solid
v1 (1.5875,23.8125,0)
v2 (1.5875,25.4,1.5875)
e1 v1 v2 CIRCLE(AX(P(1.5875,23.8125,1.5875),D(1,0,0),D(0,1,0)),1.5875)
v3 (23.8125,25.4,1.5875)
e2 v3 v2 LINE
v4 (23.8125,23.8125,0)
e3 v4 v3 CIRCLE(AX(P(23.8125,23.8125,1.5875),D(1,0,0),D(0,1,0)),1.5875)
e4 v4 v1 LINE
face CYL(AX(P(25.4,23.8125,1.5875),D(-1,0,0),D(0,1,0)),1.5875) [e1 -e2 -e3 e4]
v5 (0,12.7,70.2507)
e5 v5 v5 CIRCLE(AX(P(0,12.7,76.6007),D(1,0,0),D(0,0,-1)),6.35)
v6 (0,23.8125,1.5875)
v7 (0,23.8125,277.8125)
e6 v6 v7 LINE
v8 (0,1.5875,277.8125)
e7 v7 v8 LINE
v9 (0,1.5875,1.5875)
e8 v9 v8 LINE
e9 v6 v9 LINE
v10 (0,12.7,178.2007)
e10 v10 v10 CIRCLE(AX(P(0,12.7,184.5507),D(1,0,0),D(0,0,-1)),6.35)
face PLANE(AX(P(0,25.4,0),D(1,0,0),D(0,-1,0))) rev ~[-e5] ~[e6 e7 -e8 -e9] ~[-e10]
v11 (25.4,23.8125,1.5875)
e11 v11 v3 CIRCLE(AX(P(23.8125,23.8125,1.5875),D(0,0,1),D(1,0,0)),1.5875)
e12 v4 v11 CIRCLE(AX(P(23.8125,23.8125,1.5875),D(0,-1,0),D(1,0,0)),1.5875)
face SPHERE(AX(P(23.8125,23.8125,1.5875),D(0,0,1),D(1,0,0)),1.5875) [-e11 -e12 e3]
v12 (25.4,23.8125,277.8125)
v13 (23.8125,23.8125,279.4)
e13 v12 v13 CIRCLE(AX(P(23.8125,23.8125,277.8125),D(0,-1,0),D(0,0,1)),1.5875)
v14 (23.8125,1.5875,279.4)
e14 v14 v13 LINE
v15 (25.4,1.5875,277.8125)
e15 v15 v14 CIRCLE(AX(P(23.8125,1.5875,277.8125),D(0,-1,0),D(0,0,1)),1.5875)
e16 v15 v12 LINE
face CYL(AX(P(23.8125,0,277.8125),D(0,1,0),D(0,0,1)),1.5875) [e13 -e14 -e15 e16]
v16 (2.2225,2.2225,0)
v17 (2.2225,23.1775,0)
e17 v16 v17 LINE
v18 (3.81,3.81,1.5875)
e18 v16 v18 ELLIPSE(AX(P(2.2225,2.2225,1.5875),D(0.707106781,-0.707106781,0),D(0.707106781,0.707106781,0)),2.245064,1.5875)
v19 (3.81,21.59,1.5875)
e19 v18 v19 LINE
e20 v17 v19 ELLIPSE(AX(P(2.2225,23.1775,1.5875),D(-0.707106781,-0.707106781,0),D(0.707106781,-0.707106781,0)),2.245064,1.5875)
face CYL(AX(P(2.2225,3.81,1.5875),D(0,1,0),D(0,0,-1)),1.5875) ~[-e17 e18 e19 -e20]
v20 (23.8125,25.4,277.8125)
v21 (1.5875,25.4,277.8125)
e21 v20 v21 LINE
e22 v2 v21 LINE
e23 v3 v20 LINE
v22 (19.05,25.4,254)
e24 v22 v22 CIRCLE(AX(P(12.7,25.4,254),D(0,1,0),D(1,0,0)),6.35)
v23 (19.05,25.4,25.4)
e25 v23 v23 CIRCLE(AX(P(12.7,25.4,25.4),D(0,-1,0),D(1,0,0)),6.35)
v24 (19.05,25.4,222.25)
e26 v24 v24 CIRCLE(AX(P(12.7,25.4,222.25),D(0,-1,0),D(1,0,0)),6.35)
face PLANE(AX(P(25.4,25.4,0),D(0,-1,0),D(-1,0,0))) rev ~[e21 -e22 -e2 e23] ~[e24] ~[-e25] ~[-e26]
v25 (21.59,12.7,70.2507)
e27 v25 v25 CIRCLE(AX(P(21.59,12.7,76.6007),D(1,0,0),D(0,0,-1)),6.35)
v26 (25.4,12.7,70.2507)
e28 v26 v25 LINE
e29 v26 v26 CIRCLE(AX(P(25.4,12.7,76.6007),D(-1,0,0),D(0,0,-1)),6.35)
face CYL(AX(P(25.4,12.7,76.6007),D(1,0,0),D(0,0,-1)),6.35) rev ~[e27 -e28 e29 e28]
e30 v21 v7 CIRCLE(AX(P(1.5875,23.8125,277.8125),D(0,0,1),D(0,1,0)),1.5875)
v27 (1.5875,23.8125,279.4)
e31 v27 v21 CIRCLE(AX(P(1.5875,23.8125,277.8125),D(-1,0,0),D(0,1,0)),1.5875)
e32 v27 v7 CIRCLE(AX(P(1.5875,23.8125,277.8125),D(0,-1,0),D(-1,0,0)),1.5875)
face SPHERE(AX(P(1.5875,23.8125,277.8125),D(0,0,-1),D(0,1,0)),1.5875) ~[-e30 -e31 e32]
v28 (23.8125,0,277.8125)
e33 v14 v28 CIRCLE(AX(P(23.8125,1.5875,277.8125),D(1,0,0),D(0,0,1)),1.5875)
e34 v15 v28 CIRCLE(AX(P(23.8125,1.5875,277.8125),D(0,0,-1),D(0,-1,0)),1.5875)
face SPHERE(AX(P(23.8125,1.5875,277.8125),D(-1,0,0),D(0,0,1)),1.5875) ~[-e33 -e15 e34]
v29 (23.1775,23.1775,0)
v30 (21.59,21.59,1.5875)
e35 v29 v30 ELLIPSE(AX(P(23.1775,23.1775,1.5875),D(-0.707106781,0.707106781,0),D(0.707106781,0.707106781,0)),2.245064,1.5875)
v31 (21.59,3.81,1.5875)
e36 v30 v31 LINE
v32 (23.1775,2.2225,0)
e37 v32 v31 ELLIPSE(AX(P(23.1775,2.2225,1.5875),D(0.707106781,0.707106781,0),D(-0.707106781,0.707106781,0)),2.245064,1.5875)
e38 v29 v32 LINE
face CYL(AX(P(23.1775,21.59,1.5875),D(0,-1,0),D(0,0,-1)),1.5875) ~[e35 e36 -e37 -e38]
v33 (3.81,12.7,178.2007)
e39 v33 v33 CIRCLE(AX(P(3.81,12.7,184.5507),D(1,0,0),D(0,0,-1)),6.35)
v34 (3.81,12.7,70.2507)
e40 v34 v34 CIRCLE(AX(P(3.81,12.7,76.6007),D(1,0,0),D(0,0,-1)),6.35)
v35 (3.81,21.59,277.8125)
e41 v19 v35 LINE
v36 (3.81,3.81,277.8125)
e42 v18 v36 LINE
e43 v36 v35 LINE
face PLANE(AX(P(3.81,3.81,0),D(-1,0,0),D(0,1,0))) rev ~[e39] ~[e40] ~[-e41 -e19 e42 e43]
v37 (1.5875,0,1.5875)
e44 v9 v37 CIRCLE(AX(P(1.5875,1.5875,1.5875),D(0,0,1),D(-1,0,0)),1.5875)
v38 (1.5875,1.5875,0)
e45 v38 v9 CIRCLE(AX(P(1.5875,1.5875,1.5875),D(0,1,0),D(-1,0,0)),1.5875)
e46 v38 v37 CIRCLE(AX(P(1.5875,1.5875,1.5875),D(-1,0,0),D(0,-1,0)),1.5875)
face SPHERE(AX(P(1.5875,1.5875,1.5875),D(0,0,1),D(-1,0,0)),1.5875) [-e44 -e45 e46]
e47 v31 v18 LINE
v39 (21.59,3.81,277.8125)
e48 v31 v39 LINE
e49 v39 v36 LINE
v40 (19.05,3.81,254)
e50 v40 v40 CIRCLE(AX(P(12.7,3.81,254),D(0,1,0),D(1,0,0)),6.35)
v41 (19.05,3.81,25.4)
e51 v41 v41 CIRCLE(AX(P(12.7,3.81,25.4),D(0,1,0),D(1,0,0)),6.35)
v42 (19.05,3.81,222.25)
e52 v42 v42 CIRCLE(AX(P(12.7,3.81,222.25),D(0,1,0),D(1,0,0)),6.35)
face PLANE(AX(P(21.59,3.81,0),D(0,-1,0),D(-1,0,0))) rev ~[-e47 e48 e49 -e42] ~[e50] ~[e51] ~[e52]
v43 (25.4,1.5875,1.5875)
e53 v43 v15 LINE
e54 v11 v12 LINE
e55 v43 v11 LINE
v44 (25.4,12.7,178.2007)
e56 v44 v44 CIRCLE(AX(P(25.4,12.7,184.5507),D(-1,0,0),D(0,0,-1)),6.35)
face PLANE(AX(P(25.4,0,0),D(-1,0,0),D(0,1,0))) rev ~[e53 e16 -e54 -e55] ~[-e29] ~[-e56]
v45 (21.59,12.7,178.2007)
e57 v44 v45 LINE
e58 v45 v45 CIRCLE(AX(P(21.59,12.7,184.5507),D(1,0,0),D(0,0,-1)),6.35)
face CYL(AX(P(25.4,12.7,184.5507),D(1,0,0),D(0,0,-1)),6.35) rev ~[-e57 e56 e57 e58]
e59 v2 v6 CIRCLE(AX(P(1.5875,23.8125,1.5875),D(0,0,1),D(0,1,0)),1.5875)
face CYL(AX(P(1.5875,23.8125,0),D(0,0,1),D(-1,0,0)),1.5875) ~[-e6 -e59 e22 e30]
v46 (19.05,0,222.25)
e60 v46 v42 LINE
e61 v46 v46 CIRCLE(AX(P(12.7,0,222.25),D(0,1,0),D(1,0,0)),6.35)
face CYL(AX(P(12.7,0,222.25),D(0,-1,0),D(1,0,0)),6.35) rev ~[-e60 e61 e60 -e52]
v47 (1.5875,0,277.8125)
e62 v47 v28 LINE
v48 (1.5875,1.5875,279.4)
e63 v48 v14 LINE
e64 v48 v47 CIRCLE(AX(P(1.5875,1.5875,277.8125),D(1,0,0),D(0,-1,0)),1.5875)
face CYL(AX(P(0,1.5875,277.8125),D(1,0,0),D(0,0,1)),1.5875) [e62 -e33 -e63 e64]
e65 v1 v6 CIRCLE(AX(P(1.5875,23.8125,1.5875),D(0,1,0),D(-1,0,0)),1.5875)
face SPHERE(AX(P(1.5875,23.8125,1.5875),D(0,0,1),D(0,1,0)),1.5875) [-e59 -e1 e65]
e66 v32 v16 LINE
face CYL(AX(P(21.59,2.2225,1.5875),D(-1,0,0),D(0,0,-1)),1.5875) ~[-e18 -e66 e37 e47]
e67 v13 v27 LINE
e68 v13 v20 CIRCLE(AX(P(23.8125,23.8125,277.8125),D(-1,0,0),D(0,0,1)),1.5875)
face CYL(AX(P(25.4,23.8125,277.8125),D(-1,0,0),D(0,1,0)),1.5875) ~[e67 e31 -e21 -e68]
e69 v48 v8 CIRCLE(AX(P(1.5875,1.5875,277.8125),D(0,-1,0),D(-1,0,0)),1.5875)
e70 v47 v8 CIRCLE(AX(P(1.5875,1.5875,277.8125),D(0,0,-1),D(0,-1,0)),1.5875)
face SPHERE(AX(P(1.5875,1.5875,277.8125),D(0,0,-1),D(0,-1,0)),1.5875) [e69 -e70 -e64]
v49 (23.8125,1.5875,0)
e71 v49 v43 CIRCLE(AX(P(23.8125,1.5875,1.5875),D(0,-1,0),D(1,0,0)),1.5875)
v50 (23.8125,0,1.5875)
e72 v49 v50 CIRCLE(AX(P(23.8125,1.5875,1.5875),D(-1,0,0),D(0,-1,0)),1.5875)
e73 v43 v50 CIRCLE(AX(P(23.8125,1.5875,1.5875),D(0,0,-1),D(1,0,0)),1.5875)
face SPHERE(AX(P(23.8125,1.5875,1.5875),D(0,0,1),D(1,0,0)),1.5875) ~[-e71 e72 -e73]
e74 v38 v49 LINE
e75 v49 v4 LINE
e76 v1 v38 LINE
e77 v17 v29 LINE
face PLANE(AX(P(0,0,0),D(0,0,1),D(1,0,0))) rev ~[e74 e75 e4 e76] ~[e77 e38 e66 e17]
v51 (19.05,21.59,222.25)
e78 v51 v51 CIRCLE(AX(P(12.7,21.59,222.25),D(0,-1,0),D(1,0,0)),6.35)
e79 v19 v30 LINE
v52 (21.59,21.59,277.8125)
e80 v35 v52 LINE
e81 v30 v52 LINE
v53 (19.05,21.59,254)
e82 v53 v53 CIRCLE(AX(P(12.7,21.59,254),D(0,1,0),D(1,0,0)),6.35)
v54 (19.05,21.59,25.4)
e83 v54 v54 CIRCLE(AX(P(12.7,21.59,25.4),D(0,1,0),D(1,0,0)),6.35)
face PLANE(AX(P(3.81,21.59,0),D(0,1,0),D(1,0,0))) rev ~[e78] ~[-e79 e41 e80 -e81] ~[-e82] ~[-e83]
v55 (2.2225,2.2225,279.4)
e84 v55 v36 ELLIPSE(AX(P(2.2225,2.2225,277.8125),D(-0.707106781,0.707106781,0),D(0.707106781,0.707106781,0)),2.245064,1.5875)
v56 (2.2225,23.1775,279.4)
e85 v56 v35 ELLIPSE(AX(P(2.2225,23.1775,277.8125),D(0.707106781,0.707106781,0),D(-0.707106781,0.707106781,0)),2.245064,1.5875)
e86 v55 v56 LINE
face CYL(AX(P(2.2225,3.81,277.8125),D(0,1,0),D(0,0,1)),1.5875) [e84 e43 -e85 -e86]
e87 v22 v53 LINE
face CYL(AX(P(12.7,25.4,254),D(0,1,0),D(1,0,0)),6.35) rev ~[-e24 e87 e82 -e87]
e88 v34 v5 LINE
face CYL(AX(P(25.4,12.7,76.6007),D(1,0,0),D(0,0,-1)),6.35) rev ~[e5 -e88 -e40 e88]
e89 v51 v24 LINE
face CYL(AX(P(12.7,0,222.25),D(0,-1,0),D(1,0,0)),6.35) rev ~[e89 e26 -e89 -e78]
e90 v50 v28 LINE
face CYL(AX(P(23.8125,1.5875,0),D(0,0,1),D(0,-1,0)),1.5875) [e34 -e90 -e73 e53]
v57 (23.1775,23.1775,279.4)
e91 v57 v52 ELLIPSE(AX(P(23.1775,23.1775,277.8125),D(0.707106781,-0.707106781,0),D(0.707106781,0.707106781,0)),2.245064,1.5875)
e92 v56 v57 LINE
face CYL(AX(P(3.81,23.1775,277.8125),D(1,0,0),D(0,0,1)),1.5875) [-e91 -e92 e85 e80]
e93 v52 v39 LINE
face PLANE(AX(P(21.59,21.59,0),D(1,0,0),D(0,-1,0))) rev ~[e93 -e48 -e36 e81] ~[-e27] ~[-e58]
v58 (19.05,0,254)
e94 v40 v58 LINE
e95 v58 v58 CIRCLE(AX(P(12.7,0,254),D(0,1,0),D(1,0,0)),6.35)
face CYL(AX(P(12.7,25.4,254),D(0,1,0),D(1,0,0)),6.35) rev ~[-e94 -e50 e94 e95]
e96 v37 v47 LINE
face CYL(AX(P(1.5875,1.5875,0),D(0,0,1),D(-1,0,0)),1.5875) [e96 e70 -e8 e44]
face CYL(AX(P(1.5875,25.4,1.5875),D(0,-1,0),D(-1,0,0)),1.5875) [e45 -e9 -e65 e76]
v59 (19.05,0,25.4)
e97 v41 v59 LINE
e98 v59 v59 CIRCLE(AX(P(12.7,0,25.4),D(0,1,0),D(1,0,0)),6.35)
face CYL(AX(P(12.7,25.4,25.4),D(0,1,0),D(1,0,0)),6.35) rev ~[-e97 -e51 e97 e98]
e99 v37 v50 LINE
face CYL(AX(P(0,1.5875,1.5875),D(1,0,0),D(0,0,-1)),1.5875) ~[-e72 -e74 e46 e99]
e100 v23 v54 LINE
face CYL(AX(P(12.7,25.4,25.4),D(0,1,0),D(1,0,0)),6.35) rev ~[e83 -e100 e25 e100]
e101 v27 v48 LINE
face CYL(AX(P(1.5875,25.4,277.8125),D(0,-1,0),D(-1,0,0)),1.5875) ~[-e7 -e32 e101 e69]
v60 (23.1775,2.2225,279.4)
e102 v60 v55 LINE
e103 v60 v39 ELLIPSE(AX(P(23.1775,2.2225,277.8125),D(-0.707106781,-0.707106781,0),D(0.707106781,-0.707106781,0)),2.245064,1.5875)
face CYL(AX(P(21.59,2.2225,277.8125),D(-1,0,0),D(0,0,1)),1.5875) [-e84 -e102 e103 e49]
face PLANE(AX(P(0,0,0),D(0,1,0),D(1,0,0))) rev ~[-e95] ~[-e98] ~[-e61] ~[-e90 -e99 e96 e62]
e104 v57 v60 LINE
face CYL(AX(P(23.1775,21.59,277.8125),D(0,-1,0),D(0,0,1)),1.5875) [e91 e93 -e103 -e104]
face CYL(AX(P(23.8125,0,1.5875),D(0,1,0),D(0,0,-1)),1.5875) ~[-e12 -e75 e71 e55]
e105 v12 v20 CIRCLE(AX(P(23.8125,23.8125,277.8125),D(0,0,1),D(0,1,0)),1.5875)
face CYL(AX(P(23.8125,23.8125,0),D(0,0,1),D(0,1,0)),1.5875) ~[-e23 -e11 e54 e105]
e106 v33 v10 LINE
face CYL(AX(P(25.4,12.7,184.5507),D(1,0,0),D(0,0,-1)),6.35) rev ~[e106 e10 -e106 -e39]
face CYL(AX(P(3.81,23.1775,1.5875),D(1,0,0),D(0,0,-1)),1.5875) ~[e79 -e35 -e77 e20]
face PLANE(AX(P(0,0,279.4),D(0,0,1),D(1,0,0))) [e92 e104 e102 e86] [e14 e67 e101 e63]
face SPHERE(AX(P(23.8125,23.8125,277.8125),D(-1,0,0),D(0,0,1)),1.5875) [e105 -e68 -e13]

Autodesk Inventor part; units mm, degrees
ref_plane "YZ Plane" through (0, 0, 0) normal (1, 0, 0) x (0, 1, 0)
ref_plane "XZ Plane" through (0, 0, 0) normal (0, 1, 0) x (-1, 0, 0)
ref_plane "XY Plane" through (0, 0, 0) normal (0, 0, 1) x (1, 0, 0)
sketch "Sketch1" plane through (0, 0, 0) normal (0, 0, 1) x (1, 0, 0)
  line L0 (0, 0) -> (25.4, 0)
  line L1 (25.4, 0) -> (25.4, 25.4)
  line L2 (25.4, 25.4) -> (0, 25.4)
  line L3 (0, 25.4) -> (0, 0)
  dimension "d0" = 25.4
  dimension "d1" = 25.4
extrude "Extrusion1" add sketch "Sketch1" along normal blind 279.4
sketch "Sketch2" plane through (0, 25.4, 0) normal (0, 1, 0) x (1, 0, 0)
  line L0 (0, 0) -> (0, -279.4) projected
  line L1 (25.4, 0) -> (25.4, -279.4) projected
  line L2 (0, 0) -> (0, -25.4)
  line L3 (0, -25.4) -> (12.7, -25.4)
  circle A0 centre (12.7, -25.4) radius 6.35
  line L4 (25.4, -279.4) -> (25.4, -254)
  line L5 (25.4, -254) -> (12.7, -254)
  circle A1 centre (12.7, -254) radius 6.35
  dimension "d4" = 25.4
  dimension "d5" = 12.7
  dimension "d6" = 25.4
  dimension "d7" = 12.7
extrude "Extrusion2" cut sketch "Sketch2" against normal blind 279.4
sketch "Sketch3" plane through (0, 0, 0) normal (0, 0, -1) x (-1, 0, 0)
  line L0 (0, 0) -> (-25.4, 0) projected
  line L1 (-25.4, 25.4) -> (0, 25.4) projected
  line L2 (-25.4, 0) -> (-25.4, 25.4) projected
  line L3 (-25.4, 25.4) -> (-25.4, 21.59)
  line L4 (-25.4, 21.59) -> (-21.59, 21.59)
  line L5 (-25.4, 0) -> (-21.59, 0)
  line L6 (-21.59, 0) -> (-21.59, 3.81)
  line L7 (0, 0) -> (-3.81, 0)
  line L8 (-3.81, 0) -> (-3.81, 3.81)
  line L9 (0, 25.4) -> (-3.81, 25.4)
  line L10 (-3.81, 25.4) -> (-3.81, 21.59)
  line L11 (-3.81, 21.59) -> (-21.59, 21.59)
  line L12 (-21.59, 21.59) -> (-21.59, 3.81)
  line L13 (-21.59, 3.81) -> (-3.81, 3.81)
  line L14 (-3.81, 3.81) -> (-3.81, 21.59)
  dimension "d10" = 3.81
  dimension "d11" = 3.81
  dimension "d12" = 3.81
  dimension "d13" = 3.81
  dimension "d14" = 3.81
  dimension "d15" = 3.81
  dimension "d16" = 3.81
  dimension "d17" = 3.81
extrude "Extrusion3" cut sketch "Sketch3" against normal blind 279.4 contours L13 L12 L11 L14
sketch "Sketch4" plane through (0, 0, 0) normal (0, -1, 0) x (1, 0, 0)
  circle A0 centre (12.7, 254) radius 6.35 projected
  line L0 (0, 0) -> (0, 279.4) projected
  line L1 (12.7, 247.65) -> (12.7, 222.25)
  circle A1 centre (12.7, 222.25) radius 6.35
  dimension "d20" = 25.4
  dimension "d21" = 12.7
extrude "Extrusion4" cut sketch "Sketch4" against normal blind 279.4 contours A1
sketch "Sketch5" plane through (0, 25.4, 0) normal (0, 1, 0) x (1, 0, 0)
  circle A0 centre (12.7, -222.25) radius 6.35 projected
  circle A1 centre (12.7, -25.4) radius 6.35 projected
  circle A2 centre (12.7, -254) radius 6.35 projected
  line L0 (25.4, 0) -> (0, 0) projected
  line L1 (0, 0) -> (0, -279.4) projected
  line L2 (25.4, -279.4) -> (0, -279.4) projected
  line L3 (25.4, 0) -> (25.4, -279.4) projected
sketch "Sketch6" plane through (25.4, 0, 0) normal (1, 0, 0) x (0, 0, -1)
  line L0 (0, 25.4) -> (-279.4, 25.4) projected
  line L1 (0, 0) -> (-279.4, 0) projected
  line L2 (-222.6507, 25.4) -> (-222.6507, 12.7)
  line L3 (-222.6507, 12.7) -> (-184.5507, 12.7)
  circle A0 centre (-184.5507, 12.7) radius 6.35
  line L4 (-178.2007, 12.7) -> (-76.6007, 12.7)
  circle A1 centre (-76.6007, 12.7) radius 6.35
  dimension "d25" = 12.7
  dimension "d24" = 38.1
  dimension "d26" = 101.6
  dimension "d27" = 12.7
extrude "Extrusion5" cut sketch "Sketch6" against normal blind 279.4
fillet "Fillet1" radius 1.5875 20 edges at (0, 0, 139.7) (0, 25.4, 139.7) (12.7, 25.4, 279.4) (12.7, 0, 279.4) (25.4, 12.7, 279.4) (0, 12.7, 279.4) (25.4, 25.4, 139.7) (25.4, 0, 139.7) (25.4, 12.7, 0) (12.7, 25.4, 0) (12.7, 21.59, 0) (3.81, 12.7, 0) (0, 12.7, 0) (12.7, 0, 0) (12.7, 3.81, 0) (21.59, 12.7, 0) (3.81, 12.7, 279.4) (12.7, 21.59, 279.4) (21.59, 12.7, 279.4) (12.7, 3.81, 279.4)
properties part number "Vertical Rod" material "Steel"
